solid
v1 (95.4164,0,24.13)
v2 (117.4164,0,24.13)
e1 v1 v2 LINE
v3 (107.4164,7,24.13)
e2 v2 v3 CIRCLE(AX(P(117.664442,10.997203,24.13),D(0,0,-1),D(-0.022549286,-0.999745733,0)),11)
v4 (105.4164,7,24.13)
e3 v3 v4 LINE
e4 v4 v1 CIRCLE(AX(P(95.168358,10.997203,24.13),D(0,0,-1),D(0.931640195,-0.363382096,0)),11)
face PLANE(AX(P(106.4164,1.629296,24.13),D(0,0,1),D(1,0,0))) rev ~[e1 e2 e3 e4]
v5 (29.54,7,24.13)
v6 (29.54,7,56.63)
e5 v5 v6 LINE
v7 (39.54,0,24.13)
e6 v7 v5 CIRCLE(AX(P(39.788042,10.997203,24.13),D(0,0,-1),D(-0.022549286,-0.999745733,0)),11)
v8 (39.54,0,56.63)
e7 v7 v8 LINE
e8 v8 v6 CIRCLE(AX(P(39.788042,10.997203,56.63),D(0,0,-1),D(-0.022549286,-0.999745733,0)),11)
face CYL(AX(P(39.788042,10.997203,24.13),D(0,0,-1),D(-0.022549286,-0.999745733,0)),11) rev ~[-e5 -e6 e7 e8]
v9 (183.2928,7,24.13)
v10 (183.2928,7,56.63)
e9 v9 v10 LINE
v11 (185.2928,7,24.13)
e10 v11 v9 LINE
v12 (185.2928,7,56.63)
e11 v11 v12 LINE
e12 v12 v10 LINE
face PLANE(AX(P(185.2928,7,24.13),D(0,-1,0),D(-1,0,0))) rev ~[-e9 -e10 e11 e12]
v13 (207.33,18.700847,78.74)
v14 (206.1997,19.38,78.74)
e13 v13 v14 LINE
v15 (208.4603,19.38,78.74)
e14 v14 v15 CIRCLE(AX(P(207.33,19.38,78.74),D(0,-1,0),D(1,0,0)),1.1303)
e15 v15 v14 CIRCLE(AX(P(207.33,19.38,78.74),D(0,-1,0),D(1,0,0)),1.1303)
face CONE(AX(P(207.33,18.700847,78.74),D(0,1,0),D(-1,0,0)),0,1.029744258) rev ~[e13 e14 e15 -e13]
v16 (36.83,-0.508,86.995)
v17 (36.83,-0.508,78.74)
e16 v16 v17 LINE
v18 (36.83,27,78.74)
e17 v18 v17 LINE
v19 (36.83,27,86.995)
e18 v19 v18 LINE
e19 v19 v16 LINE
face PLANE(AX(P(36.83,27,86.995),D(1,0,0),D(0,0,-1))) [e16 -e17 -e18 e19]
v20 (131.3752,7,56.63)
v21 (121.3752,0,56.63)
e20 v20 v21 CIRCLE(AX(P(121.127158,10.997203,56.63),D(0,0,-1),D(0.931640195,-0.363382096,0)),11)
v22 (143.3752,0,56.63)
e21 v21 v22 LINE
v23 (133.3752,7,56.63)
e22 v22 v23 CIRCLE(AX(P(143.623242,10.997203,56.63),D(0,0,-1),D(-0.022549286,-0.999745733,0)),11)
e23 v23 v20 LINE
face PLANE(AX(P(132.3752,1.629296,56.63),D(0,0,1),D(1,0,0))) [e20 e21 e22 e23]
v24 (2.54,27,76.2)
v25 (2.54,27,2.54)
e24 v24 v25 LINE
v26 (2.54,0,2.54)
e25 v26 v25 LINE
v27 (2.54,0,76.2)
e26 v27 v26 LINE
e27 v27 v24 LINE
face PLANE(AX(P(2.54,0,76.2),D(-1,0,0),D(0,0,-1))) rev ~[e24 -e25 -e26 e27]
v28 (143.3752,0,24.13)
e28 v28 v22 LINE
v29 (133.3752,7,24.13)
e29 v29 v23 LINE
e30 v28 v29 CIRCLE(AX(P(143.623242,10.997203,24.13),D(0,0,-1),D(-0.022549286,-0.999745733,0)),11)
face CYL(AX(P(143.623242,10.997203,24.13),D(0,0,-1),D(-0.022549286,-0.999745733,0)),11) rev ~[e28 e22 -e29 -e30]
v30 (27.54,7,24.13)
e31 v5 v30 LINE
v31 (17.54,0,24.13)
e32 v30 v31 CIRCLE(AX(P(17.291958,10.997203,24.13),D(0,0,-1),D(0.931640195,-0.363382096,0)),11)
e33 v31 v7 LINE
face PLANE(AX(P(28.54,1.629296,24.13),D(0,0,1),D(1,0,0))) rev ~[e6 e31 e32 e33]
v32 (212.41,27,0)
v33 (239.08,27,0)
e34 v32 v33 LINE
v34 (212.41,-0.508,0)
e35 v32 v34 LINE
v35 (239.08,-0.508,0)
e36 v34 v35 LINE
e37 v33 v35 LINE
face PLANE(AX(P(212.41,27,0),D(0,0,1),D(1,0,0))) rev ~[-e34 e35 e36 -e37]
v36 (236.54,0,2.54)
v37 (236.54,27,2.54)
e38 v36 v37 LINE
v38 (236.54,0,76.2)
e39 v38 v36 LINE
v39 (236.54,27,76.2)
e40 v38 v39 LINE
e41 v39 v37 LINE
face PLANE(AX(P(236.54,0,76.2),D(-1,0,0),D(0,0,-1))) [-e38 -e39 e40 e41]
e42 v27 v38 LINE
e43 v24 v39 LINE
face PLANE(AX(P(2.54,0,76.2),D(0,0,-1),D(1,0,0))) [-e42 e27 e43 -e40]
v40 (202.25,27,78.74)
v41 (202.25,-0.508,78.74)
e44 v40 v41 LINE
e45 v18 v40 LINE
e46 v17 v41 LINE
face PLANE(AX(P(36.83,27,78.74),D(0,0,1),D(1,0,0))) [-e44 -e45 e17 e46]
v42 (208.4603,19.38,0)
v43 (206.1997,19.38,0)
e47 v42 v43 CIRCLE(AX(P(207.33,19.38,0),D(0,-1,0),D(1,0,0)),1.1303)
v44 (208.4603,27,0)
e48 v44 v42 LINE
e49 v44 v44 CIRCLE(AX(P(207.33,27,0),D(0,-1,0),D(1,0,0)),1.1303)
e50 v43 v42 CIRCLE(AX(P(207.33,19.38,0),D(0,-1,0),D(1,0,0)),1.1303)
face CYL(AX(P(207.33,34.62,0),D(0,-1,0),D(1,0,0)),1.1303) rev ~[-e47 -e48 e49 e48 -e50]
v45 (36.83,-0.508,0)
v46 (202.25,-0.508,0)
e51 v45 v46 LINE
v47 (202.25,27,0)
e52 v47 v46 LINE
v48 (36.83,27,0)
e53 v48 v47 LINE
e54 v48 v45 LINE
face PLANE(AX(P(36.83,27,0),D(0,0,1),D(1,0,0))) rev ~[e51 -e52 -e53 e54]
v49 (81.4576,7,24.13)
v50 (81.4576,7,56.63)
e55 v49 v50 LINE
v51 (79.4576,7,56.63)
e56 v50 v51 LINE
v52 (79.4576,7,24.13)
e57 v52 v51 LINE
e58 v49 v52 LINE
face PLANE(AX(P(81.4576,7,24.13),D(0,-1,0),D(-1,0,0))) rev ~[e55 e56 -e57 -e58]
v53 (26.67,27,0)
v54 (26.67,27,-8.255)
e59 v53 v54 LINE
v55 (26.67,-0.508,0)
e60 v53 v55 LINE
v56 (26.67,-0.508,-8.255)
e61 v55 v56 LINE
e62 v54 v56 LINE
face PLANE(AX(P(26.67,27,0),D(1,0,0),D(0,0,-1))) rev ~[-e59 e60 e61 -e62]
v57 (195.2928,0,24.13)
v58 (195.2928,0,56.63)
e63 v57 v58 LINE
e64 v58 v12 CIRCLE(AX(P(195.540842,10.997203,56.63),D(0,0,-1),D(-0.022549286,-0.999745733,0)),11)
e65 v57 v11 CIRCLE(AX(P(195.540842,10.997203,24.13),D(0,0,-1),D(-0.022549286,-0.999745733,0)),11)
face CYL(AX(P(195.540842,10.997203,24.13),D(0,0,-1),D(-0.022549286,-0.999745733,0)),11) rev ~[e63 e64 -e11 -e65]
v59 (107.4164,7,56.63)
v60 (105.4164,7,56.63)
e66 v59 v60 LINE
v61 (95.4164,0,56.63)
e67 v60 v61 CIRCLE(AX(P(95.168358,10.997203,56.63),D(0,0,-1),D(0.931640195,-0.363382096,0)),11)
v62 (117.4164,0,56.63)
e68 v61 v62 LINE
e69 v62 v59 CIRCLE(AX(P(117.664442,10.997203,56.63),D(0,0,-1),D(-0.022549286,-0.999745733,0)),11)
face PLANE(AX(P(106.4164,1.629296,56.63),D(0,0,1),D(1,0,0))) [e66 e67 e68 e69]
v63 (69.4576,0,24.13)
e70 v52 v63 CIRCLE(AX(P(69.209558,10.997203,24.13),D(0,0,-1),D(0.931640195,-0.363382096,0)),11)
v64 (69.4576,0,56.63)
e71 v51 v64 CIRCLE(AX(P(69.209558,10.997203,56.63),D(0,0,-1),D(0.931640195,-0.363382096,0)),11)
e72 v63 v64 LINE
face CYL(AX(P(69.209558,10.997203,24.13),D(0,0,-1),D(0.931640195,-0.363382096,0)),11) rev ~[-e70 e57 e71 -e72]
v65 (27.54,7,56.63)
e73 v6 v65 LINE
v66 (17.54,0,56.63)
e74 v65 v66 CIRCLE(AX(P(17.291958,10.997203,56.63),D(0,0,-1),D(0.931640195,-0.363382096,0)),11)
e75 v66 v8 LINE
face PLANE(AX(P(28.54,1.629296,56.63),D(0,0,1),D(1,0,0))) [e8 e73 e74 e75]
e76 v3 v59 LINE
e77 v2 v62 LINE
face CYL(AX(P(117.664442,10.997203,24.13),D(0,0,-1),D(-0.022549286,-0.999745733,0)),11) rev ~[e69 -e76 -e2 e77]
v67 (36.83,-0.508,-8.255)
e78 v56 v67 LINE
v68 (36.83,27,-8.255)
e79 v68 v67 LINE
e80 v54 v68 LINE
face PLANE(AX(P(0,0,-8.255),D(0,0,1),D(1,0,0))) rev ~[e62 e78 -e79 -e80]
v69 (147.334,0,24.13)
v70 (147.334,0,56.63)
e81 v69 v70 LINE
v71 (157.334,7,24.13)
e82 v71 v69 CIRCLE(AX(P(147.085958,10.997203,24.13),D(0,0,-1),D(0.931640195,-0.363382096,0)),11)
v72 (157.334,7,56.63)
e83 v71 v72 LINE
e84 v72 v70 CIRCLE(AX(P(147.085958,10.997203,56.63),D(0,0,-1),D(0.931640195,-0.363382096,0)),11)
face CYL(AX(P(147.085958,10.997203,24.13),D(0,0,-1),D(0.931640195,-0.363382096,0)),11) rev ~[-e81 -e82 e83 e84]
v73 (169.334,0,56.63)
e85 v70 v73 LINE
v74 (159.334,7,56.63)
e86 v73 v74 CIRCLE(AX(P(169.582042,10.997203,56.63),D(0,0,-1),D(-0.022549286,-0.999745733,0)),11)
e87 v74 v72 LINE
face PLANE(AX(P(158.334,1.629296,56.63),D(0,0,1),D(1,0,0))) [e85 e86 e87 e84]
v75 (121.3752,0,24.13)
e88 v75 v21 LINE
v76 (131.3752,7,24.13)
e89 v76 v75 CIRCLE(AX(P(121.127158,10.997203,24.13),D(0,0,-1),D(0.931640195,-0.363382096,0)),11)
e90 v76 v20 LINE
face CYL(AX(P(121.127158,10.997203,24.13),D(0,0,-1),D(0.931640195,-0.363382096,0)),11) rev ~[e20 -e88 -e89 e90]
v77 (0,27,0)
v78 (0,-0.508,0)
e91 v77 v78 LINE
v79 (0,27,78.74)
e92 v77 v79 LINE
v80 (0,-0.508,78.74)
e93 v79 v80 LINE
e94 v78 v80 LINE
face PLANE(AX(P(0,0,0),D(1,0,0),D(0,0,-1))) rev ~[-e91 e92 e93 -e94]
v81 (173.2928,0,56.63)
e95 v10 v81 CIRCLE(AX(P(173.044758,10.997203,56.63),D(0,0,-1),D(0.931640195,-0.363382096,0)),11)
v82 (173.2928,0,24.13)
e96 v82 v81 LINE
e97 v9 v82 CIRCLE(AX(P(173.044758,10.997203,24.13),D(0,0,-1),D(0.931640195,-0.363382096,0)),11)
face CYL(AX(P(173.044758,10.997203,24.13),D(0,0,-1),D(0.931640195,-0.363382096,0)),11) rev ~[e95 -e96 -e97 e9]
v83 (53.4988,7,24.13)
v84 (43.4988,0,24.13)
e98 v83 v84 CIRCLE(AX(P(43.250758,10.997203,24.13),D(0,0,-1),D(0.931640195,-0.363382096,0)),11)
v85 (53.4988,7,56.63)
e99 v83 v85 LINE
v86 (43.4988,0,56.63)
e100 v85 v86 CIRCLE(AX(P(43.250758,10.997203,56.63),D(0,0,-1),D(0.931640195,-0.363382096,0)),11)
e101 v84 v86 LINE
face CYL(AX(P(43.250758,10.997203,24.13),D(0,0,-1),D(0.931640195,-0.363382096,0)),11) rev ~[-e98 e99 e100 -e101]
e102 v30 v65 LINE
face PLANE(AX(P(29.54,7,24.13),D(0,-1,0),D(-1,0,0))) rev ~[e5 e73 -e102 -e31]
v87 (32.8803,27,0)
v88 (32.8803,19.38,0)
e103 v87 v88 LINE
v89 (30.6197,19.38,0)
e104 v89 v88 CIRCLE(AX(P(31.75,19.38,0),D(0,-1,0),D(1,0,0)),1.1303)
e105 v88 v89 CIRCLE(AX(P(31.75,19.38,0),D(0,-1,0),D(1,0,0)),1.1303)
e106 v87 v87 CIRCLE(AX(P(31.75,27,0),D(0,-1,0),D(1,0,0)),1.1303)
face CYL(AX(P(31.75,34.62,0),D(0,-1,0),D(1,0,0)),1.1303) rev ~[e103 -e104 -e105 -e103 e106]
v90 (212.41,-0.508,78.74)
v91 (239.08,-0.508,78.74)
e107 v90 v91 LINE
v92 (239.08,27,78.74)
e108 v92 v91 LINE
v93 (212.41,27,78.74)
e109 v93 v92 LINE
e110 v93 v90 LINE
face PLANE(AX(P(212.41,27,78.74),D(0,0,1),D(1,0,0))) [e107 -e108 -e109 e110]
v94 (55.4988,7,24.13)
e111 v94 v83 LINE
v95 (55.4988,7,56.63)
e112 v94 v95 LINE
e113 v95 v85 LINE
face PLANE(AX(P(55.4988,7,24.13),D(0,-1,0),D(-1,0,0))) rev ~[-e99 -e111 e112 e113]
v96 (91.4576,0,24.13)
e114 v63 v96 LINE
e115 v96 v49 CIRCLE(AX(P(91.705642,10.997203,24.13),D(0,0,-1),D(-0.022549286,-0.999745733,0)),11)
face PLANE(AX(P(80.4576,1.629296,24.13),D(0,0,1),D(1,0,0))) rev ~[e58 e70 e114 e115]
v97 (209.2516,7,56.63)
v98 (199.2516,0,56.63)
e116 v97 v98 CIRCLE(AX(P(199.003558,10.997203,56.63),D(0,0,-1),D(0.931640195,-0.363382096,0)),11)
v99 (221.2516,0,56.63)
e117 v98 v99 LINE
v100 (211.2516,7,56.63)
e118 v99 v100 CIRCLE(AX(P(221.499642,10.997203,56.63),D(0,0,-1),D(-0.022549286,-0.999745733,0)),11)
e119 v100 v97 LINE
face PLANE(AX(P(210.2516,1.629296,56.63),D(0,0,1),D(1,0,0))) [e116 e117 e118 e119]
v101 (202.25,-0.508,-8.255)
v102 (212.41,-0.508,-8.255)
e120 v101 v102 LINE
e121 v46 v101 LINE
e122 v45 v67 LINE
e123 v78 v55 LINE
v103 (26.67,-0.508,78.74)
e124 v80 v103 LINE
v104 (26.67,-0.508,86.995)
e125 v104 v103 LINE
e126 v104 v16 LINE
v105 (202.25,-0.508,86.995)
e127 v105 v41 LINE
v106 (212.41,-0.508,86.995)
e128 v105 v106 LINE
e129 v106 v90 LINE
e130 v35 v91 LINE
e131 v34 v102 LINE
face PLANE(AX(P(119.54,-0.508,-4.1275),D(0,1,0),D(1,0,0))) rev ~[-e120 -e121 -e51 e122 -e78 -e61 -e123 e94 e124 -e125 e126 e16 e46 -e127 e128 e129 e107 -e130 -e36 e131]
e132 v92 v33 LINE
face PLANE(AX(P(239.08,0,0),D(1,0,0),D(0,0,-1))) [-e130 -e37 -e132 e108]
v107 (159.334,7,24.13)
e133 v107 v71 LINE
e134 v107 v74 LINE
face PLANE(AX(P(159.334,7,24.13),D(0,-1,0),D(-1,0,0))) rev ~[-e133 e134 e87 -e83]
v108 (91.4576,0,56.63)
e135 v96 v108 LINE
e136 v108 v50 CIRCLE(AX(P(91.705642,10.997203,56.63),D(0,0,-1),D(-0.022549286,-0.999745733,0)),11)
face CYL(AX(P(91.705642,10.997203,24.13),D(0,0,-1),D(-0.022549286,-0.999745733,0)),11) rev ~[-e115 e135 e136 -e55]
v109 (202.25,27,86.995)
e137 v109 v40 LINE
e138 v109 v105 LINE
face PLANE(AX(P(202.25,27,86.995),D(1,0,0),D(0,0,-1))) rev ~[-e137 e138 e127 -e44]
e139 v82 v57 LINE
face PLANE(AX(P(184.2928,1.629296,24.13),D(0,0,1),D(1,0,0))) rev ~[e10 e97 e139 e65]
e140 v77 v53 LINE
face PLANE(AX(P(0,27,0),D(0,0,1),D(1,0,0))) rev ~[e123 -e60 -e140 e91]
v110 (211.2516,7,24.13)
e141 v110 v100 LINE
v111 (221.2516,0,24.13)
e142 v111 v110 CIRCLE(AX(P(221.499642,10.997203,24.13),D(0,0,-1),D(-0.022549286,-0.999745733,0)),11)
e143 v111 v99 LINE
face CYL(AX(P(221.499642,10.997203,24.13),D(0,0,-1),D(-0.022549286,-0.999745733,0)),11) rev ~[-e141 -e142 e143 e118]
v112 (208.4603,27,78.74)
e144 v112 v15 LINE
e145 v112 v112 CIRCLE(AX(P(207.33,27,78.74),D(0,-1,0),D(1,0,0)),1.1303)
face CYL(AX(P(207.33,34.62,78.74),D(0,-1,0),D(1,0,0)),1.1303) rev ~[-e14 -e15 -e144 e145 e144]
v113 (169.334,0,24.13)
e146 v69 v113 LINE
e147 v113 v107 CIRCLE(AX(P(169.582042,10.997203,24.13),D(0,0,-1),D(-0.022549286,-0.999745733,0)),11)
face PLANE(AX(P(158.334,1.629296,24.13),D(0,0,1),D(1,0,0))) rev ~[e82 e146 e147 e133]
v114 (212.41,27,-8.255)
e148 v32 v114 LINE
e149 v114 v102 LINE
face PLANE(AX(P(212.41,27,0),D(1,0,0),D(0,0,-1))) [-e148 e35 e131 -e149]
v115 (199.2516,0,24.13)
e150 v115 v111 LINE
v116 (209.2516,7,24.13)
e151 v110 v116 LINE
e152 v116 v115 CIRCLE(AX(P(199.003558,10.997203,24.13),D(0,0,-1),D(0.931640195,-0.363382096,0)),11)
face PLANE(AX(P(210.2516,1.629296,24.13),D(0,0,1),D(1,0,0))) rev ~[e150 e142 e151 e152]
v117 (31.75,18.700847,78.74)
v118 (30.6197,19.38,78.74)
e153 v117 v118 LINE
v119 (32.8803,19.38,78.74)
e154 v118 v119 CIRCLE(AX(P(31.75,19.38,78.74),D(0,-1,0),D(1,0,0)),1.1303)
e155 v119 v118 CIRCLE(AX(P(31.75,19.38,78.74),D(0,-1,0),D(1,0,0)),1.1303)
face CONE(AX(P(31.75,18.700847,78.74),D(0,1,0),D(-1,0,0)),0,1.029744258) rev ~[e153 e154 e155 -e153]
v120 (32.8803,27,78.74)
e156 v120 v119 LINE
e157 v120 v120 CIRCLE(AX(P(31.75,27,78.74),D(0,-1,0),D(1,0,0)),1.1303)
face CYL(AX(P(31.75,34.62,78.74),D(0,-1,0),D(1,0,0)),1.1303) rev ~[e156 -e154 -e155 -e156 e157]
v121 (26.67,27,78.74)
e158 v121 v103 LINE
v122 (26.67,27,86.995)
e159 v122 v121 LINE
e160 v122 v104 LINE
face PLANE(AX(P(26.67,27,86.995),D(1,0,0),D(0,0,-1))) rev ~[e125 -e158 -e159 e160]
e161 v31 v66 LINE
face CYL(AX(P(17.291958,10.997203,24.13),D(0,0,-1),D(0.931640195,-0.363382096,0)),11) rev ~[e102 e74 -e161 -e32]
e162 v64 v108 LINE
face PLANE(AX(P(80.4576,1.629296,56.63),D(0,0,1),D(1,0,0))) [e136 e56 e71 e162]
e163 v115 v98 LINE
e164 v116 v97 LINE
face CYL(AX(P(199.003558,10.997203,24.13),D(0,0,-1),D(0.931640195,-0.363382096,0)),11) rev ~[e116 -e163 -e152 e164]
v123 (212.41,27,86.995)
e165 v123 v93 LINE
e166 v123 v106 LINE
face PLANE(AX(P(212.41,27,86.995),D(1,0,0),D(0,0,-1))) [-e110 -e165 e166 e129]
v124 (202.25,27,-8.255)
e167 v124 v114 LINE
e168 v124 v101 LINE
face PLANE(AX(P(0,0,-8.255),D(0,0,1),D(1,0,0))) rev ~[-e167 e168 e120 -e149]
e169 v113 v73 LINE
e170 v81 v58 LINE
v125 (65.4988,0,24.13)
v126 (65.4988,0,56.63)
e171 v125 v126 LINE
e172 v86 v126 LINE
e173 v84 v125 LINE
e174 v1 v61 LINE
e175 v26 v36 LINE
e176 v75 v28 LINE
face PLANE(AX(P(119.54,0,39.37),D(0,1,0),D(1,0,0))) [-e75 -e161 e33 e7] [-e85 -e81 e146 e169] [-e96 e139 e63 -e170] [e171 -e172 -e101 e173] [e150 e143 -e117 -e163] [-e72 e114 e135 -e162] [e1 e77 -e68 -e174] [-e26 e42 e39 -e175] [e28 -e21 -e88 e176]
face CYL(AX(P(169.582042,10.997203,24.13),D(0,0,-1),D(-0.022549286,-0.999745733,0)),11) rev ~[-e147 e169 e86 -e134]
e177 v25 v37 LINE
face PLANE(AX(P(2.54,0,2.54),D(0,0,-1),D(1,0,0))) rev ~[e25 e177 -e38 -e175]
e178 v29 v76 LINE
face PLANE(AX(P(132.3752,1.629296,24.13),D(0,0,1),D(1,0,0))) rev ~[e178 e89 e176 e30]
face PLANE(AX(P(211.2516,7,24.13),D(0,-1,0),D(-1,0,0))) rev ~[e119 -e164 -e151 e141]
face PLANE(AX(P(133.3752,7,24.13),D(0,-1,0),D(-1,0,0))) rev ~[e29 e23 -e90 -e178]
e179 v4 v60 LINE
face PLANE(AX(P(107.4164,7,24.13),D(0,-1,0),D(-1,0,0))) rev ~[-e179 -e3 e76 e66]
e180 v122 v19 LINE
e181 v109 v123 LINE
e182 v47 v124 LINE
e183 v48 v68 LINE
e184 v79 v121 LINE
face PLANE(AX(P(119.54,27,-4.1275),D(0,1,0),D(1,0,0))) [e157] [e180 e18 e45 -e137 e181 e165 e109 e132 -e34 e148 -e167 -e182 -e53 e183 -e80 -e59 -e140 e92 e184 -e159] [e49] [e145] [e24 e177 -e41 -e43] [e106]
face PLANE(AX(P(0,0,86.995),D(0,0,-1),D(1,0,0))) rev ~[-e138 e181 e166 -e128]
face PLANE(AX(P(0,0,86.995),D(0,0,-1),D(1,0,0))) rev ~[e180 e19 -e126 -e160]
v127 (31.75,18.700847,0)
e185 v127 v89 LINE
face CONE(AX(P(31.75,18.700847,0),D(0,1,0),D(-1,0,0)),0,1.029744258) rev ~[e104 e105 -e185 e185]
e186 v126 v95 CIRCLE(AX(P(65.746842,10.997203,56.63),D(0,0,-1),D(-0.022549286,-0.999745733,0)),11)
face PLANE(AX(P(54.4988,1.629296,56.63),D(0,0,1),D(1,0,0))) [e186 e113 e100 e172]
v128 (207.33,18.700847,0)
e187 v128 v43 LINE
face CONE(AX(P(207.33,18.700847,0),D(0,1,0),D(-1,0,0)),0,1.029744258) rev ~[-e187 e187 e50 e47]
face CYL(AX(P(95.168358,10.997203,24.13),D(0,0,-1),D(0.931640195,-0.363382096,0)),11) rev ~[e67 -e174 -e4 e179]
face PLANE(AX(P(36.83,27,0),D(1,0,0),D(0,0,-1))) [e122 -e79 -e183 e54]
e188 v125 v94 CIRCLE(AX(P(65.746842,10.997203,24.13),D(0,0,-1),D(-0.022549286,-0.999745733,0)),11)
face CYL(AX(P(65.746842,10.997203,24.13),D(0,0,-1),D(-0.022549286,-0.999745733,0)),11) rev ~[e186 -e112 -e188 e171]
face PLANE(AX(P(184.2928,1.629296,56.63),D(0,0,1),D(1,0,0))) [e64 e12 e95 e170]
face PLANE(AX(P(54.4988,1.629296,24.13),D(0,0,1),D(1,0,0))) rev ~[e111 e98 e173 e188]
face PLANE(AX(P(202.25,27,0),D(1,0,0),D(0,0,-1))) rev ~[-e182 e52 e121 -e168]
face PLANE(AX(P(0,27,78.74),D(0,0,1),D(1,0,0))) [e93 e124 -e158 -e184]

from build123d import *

# Parameters (mm, degrees)
SKETCH1_W                 = 239.08
SKETCH1_H                 = 78.74
BOSS_EXTRUDE1_DEPTH       = 0.508
SKETCH1_3_W               = 239.08
SKETCH1_3_H               = 8.255
SKETCH1_3_H_2             = 78.74
SKETCH1_3_W_2             = 234
SKETCH1_3_H_3             = 73.66
BOSS_EXTRUDE2_DEPTH       = 27
BOSS_EXTRUDE3_START       = 21.59
BOSS_EXTRUDE3_DEPTH       = 32.5
SKETCH1_4_W               = 239.08
SKETCH1_4_H               = 8.255
BOSS_EXTRUDE4_DEPTH       = 0.508
F_4_40_TAPPED_HOLE2_D     = 2.2606
F_4_40_TAPPED_HOLE2_DEPTH = 7.62
F_4_40_TAPPED_HOLE2_TIP   = 0.679152758
SKETCH13_W                = 165.42
SKETCH13_H                = 8.255
SKETCH13_W_2              = 26.67
CUT_EXTRUDE1_DEPTH        = 28.508


with BuildPart() as part:
    # Sketch1 → Boss-Extrude1 (new body)
    with BuildSketch(Plane(origin=(0, 0, 0), x_dir=(1, 0, 0), z_dir=(0, 1, 0))):
        with Locations((119.54, -39.37)):
            Rectangle(SKETCH1_W, SKETCH1_H)
    extrude(amount=-BOSS_EXTRUDE1_DEPTH)

    # Sketch1<3> → Boss-Extrude2 (add)
    with BuildSketch(Plane(origin=(0, 0, 0), x_dir=(1, 0, 0), z_dir=(0, 1, 0))):
        with Locations((119.54, 4.1275)):
            Rectangle(SKETCH1_3_W, SKETCH1_3_H)
        with Locations((119.54, -82.8675)):
            Rectangle(SKETCH1_3_W, SKETCH1_3_H)
        with Locations((119.54, -39.37)):
            Rectangle(SKETCH1_3_W, SKETCH1_3_H_2)
        with Locations((119.54, -39.37)):
            Rectangle(SKETCH1_3_W_2, SKETCH1_3_H_3, mode=Mode.SUBTRACT)
    extrude(amount=BOSS_EXTRUDE2_DEPTH)

    # Sketch5 → Boss-Extrude3 (add)
    with BuildSketch(Plane.XY.offset(2.54).offset(BOSS_EXTRUDE3_START)):
        with BuildLine():
            Line((29.54, 7), (27.54, 7))
            ThreePointArc((27.54, 7), (23.600043647, 1.985651932), (17.54, 0))
            Line((17.54, 0), (39.54, 0))
            ThreePointArc((39.54, 0), (33.479956353, 1.985651932), (29.54, 7))
        make_face()
        with BuildLine():
            Line((55.4988, 7), (53.4988, 7))
            ThreePointArc((53.4988, 7), (49.558843647, 1.985651932), (43.4988, 0))
            Line((43.4988, 0), (65.4988, 0))
            ThreePointArc((65.4988, 0), (59.438756353, 1.985651932), (55.4988, 7))
        make_face()
        with BuildLine():
            Line((81.4576, 7), (79.4576, 7))
            ThreePointArc((79.4576, 7), (75.517643647, 1.985651932), (69.4576, 0))
            Line((69.4576, 0), (91.4576, 0))
            ThreePointArc((91.4576, 0), (85.397556353, 1.985651932), (81.4576, 7))
        make_face()
        with BuildLine():
            Line((107.4164, 7), (105.4164, 7))
            ThreePointArc((105.4164, 7), (101.476443647, 1.985651932), (95.4164, 0))
            Line((95.4164, 0), (117.4164, 0))
            ThreePointArc((117.4164, 0), (111.356356353, 1.985651932), (107.4164, 7))
        make_face()
        with BuildLine():
            Line((133.3752, 7), (131.3752, 7))
            ThreePointArc((131.3752, 7), (127.435243647, 1.985651932), (121.3752, 0))
            Line((121.3752, 0), (143.3752, 0))
            ThreePointArc((143.3752, 0), (137.315156353, 1.985651932), (133.3752, 7))
        make_face()
        with BuildLine():
            Line((159.334, 7), (157.334, 7))
            ThreePointArc((157.334, 7), (153.394043647, 1.985651932), (147.334, 0))
            Line((147.334, 0), (169.334, 0))
            ThreePointArc((169.334, 0), (163.273956353, 1.985651932), (159.334, 7))
        make_face()
        with BuildLine():
            Line((185.2928, 7), (183.2928, 7))
            ThreePointArc((183.2928, 7), (179.352843647, 1.985651932), (173.2928, 0))
            Line((173.2928, 0), (195.2928, 0))
            ThreePointArc((195.2928, 0), (189.232756353, 1.985651932), (185.2928, 7))
        make_face()
        with BuildLine():
            Line((211.2516, 7), (209.2516, 7))
            ThreePointArc((209.2516, 7), (205.311643647, 1.985651932), (199.2516, 0))
            Line((199.2516, 0), (221.2516, 0))
            ThreePointArc((221.2516, 0), (215.191556353, 1.985651932), (211.2516, 7))
        make_face()
    extrude(amount=BOSS_EXTRUDE3_DEPTH)

    # Sketch1<4> → Boss-Extrude4 (add)
    with BuildSketch(Plane(origin=(0, 0, 0), x_dir=(1, 0, 0), z_dir=(0, 1, 0))):
        with Locations((119.54, 4.1275)):
            Rectangle(SKETCH1_4_W, SKETCH1_4_H)
        with Locations((119.54, -82.8675)):
            Rectangle(SKETCH1_4_W, SKETCH1_4_H)
    extrude(amount=-BOSS_EXTRUDE4_DEPTH)

    # #4-40 Tapped Hole2
    with Locations(Plane(origin=(0, 27, 0), x_dir=(-1, 0, 0), z_dir=(0, 1, 0))):
        with Locations((-31.75, 0), (-207.33, 0), (-31.75, 78.74), (-207.33, 78.74)):
            Hole(F_4_40_TAPPED_HOLE2_D / 2, depth=F_4_40_TAPPED_HOLE2_DEPTH)
            with Locations((0, 0, -(F_4_40_TAPPED_HOLE2_DEPTH + F_4_40_TAPPED_HOLE2_TIP / 2))):  # 118° drill point
                Cone(0, F_4_40_TAPPED_HOLE2_D / 2, F_4_40_TAPPED_HOLE2_TIP, mode=Mode.SUBTRACT)

    # Sketch13 → Cut-Extrude1 (cut, through all)
    with BuildSketch(Plane(origin=(0, 27, 0), x_dir=(1, 0, 0), z_dir=(0, 1, 0))):
        with Locations((119.54, 4.1275)):
            Rectangle(SKETCH13_W, SKETCH13_H)
        with Locations((119.54, -82.8675)):
            Rectangle(SKETCH13_W, SKETCH13_H)
        with Locations((13.335, 4.1275)):
            Rectangle(SKETCH13_W_2, SKETCH13_H)
        with Locations((225.745, 4.1275)):
            Rectangle(SKETCH13_W_2, SKETCH13_H)
        with Locations((225.745, -82.8675)):
            Rectangle(SKETCH13_W_2, SKETCH13_H)
        with Locations((13.335, -82.8675)):
            Rectangle(SKETCH13_W_2, SKETCH13_H)
    extrude(amount=-CUT_EXTRUDE1_DEPTH, mode=Mode.SUBTRACT)


solid = part.part
